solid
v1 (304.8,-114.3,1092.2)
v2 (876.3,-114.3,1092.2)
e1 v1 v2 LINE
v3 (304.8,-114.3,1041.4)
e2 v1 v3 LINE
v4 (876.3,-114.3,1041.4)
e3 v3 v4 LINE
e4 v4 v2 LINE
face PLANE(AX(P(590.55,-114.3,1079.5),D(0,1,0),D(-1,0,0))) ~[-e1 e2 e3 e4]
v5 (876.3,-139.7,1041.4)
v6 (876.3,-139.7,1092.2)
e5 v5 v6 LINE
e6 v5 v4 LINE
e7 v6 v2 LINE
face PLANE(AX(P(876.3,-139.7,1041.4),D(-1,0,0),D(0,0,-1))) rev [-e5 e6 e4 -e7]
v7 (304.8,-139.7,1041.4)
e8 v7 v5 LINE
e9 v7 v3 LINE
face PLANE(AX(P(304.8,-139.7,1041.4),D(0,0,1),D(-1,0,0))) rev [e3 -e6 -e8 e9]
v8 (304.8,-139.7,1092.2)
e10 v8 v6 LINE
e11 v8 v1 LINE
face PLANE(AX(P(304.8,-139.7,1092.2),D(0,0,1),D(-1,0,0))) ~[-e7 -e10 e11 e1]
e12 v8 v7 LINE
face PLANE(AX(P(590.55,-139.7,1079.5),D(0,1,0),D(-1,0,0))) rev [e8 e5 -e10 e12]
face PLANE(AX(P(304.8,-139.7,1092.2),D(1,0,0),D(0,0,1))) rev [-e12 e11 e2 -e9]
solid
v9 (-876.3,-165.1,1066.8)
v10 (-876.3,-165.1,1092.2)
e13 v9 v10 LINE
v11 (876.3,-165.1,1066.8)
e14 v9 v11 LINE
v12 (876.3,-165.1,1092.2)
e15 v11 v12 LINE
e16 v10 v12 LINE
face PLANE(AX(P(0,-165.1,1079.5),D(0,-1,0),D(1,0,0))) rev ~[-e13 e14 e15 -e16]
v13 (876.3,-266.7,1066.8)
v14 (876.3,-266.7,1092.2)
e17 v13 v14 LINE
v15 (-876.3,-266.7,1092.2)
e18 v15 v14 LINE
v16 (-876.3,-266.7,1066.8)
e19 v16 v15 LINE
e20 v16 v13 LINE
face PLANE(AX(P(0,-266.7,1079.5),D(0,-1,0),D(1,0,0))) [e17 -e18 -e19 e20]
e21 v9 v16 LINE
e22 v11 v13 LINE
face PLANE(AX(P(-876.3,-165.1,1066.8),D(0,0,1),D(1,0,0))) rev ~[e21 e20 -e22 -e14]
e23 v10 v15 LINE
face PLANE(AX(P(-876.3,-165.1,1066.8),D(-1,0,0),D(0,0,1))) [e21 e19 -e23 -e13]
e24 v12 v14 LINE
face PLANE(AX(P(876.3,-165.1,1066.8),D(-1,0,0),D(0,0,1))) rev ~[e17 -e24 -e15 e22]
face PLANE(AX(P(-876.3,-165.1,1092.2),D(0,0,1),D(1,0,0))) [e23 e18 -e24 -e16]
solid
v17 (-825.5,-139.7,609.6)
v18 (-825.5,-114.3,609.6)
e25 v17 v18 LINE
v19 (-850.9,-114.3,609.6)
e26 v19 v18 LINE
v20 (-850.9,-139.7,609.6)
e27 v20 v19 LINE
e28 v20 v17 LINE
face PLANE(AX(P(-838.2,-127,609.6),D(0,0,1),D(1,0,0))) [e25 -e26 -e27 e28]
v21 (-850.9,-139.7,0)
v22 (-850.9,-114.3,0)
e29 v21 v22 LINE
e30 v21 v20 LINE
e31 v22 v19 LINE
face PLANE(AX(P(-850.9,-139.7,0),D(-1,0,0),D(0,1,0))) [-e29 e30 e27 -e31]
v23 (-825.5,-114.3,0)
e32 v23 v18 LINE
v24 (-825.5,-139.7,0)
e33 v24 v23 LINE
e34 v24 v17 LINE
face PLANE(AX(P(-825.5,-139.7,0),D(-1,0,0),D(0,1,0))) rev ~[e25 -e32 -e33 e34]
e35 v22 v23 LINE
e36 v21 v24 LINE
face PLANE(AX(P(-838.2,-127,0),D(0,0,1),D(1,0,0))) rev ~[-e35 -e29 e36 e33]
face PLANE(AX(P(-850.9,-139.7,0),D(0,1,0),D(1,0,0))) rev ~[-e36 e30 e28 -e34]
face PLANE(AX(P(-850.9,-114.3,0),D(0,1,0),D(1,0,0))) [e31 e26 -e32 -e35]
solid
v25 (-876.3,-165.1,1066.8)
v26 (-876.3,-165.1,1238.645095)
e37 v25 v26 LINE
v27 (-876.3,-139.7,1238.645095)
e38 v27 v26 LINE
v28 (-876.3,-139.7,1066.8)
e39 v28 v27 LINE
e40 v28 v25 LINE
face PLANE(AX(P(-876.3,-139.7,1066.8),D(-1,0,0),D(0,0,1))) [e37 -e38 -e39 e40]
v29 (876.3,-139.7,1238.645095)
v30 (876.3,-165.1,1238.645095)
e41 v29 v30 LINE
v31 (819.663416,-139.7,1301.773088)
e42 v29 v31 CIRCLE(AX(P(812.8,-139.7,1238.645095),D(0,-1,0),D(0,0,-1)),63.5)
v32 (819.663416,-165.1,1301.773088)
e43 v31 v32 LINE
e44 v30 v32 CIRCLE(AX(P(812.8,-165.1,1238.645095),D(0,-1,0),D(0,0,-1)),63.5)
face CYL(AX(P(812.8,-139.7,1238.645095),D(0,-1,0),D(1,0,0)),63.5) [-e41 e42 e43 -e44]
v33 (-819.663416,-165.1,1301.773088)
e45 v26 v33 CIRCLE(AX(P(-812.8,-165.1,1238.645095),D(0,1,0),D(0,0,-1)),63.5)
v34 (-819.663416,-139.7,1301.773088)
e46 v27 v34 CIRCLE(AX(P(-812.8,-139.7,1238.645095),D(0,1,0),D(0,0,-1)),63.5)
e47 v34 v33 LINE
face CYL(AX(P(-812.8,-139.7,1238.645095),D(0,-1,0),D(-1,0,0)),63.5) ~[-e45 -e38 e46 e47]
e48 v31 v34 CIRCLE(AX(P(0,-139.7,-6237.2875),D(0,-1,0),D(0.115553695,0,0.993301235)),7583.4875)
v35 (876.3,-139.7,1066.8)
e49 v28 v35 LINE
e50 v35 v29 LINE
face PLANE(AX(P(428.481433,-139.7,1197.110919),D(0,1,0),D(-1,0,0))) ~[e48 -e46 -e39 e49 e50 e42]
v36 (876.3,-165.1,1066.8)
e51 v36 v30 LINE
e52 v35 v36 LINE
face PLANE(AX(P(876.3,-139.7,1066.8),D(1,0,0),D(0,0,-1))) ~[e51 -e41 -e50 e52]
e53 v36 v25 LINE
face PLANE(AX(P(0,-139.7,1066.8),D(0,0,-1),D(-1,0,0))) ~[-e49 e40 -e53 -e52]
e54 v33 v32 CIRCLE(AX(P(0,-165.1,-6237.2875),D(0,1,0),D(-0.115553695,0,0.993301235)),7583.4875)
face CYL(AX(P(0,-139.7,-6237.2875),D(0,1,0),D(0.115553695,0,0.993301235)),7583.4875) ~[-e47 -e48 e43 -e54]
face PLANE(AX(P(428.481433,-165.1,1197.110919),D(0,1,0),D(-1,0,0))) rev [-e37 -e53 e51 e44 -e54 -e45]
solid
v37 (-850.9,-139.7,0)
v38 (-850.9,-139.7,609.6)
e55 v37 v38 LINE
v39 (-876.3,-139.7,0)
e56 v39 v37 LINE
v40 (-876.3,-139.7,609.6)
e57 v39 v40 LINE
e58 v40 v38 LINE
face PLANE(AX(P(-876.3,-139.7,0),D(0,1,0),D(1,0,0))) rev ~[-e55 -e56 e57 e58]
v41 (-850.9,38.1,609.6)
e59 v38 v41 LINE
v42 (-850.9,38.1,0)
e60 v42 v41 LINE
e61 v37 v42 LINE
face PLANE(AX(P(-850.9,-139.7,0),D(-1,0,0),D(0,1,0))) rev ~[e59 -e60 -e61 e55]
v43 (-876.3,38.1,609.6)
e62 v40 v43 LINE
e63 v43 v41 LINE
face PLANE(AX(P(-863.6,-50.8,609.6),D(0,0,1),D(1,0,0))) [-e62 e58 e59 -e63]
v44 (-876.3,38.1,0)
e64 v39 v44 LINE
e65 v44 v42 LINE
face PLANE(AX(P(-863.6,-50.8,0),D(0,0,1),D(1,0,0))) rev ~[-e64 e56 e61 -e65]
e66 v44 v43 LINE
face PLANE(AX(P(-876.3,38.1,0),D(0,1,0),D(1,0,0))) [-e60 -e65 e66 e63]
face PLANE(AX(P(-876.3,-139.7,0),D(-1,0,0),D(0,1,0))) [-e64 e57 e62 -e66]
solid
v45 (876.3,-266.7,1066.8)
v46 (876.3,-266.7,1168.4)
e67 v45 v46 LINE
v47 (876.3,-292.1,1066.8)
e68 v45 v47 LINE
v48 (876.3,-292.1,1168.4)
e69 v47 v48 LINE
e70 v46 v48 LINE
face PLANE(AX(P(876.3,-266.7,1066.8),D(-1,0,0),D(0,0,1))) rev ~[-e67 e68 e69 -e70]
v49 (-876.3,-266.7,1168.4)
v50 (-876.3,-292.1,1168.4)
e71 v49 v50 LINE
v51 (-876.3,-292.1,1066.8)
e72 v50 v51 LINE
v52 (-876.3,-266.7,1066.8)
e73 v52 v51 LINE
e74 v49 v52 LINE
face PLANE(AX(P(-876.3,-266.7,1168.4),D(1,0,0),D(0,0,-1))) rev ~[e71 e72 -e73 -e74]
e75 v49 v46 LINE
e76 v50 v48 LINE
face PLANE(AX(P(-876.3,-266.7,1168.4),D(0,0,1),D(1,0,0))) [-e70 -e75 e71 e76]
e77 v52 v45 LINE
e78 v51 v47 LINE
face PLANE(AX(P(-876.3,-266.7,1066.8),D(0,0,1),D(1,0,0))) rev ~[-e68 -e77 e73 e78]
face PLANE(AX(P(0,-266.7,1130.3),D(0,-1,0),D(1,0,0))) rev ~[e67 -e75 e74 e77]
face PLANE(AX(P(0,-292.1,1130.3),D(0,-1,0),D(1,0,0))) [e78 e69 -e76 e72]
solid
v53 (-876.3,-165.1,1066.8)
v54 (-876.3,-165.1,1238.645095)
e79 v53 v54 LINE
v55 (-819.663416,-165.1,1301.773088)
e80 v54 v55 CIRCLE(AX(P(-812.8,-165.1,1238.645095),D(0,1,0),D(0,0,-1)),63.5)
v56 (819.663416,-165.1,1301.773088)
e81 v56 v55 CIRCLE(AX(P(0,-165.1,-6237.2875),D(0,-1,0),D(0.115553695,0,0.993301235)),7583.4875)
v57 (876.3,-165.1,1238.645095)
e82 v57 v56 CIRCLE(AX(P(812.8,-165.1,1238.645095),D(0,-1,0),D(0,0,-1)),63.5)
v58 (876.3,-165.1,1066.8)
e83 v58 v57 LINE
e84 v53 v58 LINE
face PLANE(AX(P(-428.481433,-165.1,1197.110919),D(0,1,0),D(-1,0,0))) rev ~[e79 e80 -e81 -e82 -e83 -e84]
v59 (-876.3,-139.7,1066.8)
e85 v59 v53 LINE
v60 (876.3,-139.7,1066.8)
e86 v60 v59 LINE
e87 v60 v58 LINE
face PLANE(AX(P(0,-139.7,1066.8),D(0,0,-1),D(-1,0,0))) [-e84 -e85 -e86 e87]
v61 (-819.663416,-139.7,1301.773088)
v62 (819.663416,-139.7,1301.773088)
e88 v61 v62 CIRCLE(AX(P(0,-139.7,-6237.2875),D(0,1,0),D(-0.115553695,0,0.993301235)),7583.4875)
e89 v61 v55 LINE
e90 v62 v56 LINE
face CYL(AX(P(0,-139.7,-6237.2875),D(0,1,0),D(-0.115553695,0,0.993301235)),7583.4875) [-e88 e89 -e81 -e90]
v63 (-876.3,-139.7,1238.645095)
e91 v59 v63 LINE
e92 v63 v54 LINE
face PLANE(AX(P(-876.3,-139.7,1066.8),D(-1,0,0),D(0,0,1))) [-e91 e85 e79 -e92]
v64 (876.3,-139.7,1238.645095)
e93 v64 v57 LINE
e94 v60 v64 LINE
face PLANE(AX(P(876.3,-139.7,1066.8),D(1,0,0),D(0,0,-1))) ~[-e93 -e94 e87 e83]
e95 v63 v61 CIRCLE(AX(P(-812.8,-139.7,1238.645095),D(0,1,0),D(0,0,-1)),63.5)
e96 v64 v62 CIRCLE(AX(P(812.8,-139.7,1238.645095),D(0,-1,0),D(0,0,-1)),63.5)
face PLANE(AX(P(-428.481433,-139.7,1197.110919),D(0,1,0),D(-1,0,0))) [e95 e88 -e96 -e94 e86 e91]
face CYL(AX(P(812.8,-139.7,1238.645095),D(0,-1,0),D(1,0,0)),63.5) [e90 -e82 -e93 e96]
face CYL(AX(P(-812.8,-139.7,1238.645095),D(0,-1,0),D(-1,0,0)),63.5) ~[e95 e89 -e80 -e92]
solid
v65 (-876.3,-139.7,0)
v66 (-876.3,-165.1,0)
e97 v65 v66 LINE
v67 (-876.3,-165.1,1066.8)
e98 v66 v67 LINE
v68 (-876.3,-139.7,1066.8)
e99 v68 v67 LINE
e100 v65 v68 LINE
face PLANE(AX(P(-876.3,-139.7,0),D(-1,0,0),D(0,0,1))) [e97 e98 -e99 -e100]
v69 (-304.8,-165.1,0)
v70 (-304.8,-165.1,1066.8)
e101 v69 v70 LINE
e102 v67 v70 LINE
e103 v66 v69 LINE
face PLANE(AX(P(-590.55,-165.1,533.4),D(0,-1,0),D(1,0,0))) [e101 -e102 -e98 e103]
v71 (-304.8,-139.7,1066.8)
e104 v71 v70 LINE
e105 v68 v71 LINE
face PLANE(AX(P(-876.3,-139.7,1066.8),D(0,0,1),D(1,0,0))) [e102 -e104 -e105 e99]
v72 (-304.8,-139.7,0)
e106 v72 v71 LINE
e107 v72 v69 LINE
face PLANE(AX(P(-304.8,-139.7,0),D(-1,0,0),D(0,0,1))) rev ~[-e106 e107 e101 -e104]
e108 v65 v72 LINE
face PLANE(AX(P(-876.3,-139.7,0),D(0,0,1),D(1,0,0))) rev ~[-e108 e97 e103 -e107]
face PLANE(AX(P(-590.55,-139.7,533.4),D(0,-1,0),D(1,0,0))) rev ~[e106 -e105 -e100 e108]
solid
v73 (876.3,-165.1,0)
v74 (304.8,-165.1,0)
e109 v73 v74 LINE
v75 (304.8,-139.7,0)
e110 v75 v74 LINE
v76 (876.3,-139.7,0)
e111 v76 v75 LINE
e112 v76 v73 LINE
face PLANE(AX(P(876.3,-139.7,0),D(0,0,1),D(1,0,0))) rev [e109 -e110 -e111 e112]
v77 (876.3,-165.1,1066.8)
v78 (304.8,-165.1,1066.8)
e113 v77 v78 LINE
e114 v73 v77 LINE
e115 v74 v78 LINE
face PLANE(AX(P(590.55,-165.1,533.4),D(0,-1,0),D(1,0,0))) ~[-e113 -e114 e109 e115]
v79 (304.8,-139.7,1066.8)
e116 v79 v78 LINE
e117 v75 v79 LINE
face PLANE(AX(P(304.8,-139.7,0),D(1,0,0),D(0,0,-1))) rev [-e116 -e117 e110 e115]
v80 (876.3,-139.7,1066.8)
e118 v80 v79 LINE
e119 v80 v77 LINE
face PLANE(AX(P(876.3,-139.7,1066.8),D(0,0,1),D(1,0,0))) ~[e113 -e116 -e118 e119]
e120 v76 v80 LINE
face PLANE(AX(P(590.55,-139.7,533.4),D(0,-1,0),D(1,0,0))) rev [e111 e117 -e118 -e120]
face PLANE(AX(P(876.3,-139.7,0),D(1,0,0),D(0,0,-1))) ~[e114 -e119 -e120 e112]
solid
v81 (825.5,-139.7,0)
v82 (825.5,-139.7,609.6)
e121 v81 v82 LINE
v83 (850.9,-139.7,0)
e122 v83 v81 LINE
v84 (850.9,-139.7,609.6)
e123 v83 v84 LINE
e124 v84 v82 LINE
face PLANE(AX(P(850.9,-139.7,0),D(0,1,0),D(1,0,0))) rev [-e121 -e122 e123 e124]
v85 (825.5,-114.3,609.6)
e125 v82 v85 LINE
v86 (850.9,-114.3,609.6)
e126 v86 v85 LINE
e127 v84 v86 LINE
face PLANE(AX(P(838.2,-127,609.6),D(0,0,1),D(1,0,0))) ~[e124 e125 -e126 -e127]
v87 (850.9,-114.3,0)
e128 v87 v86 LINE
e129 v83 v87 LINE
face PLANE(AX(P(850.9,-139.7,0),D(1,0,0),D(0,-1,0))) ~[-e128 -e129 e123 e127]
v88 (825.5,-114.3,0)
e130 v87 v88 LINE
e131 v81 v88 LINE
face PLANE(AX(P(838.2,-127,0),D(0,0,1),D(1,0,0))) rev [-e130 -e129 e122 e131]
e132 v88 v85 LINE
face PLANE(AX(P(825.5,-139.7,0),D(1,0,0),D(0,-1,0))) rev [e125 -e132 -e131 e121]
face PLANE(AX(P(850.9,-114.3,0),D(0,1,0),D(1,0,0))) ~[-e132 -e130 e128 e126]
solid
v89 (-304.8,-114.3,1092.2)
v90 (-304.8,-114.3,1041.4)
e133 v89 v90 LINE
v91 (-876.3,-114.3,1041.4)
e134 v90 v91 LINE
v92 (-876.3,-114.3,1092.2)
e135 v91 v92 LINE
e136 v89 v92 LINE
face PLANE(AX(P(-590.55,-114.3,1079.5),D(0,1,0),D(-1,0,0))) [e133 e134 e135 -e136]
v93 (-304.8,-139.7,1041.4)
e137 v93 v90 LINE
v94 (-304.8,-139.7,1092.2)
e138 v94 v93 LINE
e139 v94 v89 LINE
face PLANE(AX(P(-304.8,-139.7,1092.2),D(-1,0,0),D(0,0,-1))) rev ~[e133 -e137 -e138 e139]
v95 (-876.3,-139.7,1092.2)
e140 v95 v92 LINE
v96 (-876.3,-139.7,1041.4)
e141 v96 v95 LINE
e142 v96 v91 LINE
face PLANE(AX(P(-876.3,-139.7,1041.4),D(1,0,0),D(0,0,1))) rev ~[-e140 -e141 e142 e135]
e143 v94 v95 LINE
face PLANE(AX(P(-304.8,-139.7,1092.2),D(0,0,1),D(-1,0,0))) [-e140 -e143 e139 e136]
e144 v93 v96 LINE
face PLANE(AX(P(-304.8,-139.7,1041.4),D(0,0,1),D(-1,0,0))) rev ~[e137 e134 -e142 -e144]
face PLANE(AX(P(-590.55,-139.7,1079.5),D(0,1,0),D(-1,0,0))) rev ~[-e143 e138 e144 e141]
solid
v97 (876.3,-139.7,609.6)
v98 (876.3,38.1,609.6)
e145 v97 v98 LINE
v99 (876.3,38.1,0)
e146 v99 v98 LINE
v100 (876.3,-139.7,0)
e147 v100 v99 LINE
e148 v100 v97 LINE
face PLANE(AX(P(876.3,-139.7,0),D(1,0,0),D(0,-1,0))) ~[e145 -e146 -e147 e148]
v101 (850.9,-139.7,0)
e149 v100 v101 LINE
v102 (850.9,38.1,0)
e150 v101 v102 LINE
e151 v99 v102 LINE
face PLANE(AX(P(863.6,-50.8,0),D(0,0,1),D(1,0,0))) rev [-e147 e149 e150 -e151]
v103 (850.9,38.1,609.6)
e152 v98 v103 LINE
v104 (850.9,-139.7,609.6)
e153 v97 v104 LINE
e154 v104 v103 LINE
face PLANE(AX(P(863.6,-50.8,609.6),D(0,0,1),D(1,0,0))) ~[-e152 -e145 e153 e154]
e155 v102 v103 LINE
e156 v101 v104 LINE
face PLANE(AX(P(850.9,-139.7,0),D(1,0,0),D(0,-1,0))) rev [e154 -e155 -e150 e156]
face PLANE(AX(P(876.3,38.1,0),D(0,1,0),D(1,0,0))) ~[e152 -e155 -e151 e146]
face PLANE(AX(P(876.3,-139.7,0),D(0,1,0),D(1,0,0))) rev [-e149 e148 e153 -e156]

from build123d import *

# Parameters (mm, degrees)
F0_W      = 25.4
F0_H      = 177.8
F1_DEPTH  = 609.6
F2_W      = 25.4
F2_H      = 25.4
F3_DEPTH  = 609.6
F4_W      = 571.5
F4_H      = 1066.8
F5_DEPTH  = 25.4
F7_DEPTH  = 25.4
F8_W      = 571.5
F8_H      = 25.4
F9_DEPTH  = 25.4
F12_R     = 63.5
F12_2_R   = 63.5
F13_W     = 1752.6
F13_H     = 25.4
F14_DEPTH = 101.6
F15_W     = 1752.6
F15_H     = 76.2
F15_H_2   = 25.4
F16_DEPTH = 25.4


with BuildPart() as f1:
    # F0 (on Top) → F1 (new body)
    with BuildSketch(Plane.XY):
        with Locations((-863.6, -50.8)):
            Rectangle(F0_W, F0_H)
    extrude(amount=F1_DEPTH)


with BuildPart() as f3:
    # F2 (on Top) → F3 (new body)
    with BuildSketch(Plane.XY):
        with Locations((-838.2, -127)):
            Rectangle(F2_W, F2_H)
    extrude(amount=F3_DEPTH)


with BuildPart() as f5:
    # F4 (on face) → F5 (new body)
    with BuildSketch(Plane.XZ.offset(139.7)):
        with Locations((-590.55, 533.4)):
            Rectangle(F4_W, F4_H)
    extrude(amount=F5_DEPTH)


with BuildPart() as f7:
    # F6 (on face) → F7 (new body)
    with BuildSketch(Plane(origin=(0, -139.7, 0), x_dir=(-1, 0, 0), z_dir=(0, 1, 0))):
        with BuildLine():
            Line((304.8, 1066.8), (876.3, 1066.8))
            Line((876.3, 1066.8), (876.3, 1295.4))
            ThreePointArc((876.3, 1295.4), (438.8856143689, 1333.4893478642), (0, 1346.2))
            Line((0, 1346.2), (0, 1066.8))
            Line((0, 1066.8), (304.8, 1066.8))
        make_face()
    extrude(amount=-F7_DEPTH)

    # F10: F7 across plane


with BuildPart() as f9:
    # F8 (on face) → F9 (new body)
    with BuildSketch(Plane(origin=(0, -139.7, 0), x_dir=(-1, 0, 0), z_dir=(0, 1, 0))):
        with Locations((590.55, 1079.5)):
            Rectangle(F8_W, F8_H)
        with Locations((590.55, 1054.1)):
            Rectangle(F8_W, F8_H)
    extrude(amount=F9_DEPTH)


with BuildPart() as f7_1:
    add(f7.part)
    add(f7.part.mirror(Plane.YZ))


with BuildPart() as f11_1:
    # F11: instance of F9
    add(f9.part.mirror(Plane.YZ))


with BuildPart() as f11_2:
    # F11: instance of F5
    add(f5.part.mirror(Plane.YZ))


with BuildPart() as f11_3:
    # F11: instance of F3
    add(f3.part.mirror(Plane.YZ))


with BuildPart() as f11_4:
    # F11: instance of F1
    add(f1.part.mirror(Plane.YZ))


with BuildPart() as f11_5:
    # F11: instance of F7
    add(f7_1.part.mirror(Plane.YZ))

    # F12#2
    f12_2_edges = [f11_5.edges().sort_by_distance(p)[0] for p in [
        (-876.3, -152.4, 1295.4),
        (876.3, -152.4, 1295.4),
    ]]
    fillet(f12_2_edges, radius=F12_2_R)


with BuildPart() as f7_2:
    add(f7_1.part)

    # F12
    f12_edges = [f7_2.edges().sort_by_distance(p)[0] for p in [
        (-876.3, -152.4, 1295.4),
        (876.3, -152.4, 1295.4),
    ]]
    fillet(f12_edges, radius=F12_R)


with BuildPart() as f14:
    # F13 (on face) → F14 (new body)
    with BuildSketch(Plane.XZ.offset(165.1)):
        with Locations((0, 1079.5)):
            Rectangle(F13_W, F13_H)
    extrude(amount=F14_DEPTH)


with BuildPart() as f16:
    # F15 (on face) → F16 (new body)
    with BuildSketch(Plane.XZ.offset(266.7)):
        with Locations((0, 1130.3)):
            Rectangle(F15_W, F15_H)
        with Locations((0, 1079.5)):
            Rectangle(F15_W, F15_H_2)
    extrude(amount=F16_DEPTH)


solid = Compound([f1.part, f3.part, f5.part, f9.part, f11_1.part, f11_2.part, f11_3.part, f11_4.part, f11_5.part, f7_2.part, f14.part, f16.part])
